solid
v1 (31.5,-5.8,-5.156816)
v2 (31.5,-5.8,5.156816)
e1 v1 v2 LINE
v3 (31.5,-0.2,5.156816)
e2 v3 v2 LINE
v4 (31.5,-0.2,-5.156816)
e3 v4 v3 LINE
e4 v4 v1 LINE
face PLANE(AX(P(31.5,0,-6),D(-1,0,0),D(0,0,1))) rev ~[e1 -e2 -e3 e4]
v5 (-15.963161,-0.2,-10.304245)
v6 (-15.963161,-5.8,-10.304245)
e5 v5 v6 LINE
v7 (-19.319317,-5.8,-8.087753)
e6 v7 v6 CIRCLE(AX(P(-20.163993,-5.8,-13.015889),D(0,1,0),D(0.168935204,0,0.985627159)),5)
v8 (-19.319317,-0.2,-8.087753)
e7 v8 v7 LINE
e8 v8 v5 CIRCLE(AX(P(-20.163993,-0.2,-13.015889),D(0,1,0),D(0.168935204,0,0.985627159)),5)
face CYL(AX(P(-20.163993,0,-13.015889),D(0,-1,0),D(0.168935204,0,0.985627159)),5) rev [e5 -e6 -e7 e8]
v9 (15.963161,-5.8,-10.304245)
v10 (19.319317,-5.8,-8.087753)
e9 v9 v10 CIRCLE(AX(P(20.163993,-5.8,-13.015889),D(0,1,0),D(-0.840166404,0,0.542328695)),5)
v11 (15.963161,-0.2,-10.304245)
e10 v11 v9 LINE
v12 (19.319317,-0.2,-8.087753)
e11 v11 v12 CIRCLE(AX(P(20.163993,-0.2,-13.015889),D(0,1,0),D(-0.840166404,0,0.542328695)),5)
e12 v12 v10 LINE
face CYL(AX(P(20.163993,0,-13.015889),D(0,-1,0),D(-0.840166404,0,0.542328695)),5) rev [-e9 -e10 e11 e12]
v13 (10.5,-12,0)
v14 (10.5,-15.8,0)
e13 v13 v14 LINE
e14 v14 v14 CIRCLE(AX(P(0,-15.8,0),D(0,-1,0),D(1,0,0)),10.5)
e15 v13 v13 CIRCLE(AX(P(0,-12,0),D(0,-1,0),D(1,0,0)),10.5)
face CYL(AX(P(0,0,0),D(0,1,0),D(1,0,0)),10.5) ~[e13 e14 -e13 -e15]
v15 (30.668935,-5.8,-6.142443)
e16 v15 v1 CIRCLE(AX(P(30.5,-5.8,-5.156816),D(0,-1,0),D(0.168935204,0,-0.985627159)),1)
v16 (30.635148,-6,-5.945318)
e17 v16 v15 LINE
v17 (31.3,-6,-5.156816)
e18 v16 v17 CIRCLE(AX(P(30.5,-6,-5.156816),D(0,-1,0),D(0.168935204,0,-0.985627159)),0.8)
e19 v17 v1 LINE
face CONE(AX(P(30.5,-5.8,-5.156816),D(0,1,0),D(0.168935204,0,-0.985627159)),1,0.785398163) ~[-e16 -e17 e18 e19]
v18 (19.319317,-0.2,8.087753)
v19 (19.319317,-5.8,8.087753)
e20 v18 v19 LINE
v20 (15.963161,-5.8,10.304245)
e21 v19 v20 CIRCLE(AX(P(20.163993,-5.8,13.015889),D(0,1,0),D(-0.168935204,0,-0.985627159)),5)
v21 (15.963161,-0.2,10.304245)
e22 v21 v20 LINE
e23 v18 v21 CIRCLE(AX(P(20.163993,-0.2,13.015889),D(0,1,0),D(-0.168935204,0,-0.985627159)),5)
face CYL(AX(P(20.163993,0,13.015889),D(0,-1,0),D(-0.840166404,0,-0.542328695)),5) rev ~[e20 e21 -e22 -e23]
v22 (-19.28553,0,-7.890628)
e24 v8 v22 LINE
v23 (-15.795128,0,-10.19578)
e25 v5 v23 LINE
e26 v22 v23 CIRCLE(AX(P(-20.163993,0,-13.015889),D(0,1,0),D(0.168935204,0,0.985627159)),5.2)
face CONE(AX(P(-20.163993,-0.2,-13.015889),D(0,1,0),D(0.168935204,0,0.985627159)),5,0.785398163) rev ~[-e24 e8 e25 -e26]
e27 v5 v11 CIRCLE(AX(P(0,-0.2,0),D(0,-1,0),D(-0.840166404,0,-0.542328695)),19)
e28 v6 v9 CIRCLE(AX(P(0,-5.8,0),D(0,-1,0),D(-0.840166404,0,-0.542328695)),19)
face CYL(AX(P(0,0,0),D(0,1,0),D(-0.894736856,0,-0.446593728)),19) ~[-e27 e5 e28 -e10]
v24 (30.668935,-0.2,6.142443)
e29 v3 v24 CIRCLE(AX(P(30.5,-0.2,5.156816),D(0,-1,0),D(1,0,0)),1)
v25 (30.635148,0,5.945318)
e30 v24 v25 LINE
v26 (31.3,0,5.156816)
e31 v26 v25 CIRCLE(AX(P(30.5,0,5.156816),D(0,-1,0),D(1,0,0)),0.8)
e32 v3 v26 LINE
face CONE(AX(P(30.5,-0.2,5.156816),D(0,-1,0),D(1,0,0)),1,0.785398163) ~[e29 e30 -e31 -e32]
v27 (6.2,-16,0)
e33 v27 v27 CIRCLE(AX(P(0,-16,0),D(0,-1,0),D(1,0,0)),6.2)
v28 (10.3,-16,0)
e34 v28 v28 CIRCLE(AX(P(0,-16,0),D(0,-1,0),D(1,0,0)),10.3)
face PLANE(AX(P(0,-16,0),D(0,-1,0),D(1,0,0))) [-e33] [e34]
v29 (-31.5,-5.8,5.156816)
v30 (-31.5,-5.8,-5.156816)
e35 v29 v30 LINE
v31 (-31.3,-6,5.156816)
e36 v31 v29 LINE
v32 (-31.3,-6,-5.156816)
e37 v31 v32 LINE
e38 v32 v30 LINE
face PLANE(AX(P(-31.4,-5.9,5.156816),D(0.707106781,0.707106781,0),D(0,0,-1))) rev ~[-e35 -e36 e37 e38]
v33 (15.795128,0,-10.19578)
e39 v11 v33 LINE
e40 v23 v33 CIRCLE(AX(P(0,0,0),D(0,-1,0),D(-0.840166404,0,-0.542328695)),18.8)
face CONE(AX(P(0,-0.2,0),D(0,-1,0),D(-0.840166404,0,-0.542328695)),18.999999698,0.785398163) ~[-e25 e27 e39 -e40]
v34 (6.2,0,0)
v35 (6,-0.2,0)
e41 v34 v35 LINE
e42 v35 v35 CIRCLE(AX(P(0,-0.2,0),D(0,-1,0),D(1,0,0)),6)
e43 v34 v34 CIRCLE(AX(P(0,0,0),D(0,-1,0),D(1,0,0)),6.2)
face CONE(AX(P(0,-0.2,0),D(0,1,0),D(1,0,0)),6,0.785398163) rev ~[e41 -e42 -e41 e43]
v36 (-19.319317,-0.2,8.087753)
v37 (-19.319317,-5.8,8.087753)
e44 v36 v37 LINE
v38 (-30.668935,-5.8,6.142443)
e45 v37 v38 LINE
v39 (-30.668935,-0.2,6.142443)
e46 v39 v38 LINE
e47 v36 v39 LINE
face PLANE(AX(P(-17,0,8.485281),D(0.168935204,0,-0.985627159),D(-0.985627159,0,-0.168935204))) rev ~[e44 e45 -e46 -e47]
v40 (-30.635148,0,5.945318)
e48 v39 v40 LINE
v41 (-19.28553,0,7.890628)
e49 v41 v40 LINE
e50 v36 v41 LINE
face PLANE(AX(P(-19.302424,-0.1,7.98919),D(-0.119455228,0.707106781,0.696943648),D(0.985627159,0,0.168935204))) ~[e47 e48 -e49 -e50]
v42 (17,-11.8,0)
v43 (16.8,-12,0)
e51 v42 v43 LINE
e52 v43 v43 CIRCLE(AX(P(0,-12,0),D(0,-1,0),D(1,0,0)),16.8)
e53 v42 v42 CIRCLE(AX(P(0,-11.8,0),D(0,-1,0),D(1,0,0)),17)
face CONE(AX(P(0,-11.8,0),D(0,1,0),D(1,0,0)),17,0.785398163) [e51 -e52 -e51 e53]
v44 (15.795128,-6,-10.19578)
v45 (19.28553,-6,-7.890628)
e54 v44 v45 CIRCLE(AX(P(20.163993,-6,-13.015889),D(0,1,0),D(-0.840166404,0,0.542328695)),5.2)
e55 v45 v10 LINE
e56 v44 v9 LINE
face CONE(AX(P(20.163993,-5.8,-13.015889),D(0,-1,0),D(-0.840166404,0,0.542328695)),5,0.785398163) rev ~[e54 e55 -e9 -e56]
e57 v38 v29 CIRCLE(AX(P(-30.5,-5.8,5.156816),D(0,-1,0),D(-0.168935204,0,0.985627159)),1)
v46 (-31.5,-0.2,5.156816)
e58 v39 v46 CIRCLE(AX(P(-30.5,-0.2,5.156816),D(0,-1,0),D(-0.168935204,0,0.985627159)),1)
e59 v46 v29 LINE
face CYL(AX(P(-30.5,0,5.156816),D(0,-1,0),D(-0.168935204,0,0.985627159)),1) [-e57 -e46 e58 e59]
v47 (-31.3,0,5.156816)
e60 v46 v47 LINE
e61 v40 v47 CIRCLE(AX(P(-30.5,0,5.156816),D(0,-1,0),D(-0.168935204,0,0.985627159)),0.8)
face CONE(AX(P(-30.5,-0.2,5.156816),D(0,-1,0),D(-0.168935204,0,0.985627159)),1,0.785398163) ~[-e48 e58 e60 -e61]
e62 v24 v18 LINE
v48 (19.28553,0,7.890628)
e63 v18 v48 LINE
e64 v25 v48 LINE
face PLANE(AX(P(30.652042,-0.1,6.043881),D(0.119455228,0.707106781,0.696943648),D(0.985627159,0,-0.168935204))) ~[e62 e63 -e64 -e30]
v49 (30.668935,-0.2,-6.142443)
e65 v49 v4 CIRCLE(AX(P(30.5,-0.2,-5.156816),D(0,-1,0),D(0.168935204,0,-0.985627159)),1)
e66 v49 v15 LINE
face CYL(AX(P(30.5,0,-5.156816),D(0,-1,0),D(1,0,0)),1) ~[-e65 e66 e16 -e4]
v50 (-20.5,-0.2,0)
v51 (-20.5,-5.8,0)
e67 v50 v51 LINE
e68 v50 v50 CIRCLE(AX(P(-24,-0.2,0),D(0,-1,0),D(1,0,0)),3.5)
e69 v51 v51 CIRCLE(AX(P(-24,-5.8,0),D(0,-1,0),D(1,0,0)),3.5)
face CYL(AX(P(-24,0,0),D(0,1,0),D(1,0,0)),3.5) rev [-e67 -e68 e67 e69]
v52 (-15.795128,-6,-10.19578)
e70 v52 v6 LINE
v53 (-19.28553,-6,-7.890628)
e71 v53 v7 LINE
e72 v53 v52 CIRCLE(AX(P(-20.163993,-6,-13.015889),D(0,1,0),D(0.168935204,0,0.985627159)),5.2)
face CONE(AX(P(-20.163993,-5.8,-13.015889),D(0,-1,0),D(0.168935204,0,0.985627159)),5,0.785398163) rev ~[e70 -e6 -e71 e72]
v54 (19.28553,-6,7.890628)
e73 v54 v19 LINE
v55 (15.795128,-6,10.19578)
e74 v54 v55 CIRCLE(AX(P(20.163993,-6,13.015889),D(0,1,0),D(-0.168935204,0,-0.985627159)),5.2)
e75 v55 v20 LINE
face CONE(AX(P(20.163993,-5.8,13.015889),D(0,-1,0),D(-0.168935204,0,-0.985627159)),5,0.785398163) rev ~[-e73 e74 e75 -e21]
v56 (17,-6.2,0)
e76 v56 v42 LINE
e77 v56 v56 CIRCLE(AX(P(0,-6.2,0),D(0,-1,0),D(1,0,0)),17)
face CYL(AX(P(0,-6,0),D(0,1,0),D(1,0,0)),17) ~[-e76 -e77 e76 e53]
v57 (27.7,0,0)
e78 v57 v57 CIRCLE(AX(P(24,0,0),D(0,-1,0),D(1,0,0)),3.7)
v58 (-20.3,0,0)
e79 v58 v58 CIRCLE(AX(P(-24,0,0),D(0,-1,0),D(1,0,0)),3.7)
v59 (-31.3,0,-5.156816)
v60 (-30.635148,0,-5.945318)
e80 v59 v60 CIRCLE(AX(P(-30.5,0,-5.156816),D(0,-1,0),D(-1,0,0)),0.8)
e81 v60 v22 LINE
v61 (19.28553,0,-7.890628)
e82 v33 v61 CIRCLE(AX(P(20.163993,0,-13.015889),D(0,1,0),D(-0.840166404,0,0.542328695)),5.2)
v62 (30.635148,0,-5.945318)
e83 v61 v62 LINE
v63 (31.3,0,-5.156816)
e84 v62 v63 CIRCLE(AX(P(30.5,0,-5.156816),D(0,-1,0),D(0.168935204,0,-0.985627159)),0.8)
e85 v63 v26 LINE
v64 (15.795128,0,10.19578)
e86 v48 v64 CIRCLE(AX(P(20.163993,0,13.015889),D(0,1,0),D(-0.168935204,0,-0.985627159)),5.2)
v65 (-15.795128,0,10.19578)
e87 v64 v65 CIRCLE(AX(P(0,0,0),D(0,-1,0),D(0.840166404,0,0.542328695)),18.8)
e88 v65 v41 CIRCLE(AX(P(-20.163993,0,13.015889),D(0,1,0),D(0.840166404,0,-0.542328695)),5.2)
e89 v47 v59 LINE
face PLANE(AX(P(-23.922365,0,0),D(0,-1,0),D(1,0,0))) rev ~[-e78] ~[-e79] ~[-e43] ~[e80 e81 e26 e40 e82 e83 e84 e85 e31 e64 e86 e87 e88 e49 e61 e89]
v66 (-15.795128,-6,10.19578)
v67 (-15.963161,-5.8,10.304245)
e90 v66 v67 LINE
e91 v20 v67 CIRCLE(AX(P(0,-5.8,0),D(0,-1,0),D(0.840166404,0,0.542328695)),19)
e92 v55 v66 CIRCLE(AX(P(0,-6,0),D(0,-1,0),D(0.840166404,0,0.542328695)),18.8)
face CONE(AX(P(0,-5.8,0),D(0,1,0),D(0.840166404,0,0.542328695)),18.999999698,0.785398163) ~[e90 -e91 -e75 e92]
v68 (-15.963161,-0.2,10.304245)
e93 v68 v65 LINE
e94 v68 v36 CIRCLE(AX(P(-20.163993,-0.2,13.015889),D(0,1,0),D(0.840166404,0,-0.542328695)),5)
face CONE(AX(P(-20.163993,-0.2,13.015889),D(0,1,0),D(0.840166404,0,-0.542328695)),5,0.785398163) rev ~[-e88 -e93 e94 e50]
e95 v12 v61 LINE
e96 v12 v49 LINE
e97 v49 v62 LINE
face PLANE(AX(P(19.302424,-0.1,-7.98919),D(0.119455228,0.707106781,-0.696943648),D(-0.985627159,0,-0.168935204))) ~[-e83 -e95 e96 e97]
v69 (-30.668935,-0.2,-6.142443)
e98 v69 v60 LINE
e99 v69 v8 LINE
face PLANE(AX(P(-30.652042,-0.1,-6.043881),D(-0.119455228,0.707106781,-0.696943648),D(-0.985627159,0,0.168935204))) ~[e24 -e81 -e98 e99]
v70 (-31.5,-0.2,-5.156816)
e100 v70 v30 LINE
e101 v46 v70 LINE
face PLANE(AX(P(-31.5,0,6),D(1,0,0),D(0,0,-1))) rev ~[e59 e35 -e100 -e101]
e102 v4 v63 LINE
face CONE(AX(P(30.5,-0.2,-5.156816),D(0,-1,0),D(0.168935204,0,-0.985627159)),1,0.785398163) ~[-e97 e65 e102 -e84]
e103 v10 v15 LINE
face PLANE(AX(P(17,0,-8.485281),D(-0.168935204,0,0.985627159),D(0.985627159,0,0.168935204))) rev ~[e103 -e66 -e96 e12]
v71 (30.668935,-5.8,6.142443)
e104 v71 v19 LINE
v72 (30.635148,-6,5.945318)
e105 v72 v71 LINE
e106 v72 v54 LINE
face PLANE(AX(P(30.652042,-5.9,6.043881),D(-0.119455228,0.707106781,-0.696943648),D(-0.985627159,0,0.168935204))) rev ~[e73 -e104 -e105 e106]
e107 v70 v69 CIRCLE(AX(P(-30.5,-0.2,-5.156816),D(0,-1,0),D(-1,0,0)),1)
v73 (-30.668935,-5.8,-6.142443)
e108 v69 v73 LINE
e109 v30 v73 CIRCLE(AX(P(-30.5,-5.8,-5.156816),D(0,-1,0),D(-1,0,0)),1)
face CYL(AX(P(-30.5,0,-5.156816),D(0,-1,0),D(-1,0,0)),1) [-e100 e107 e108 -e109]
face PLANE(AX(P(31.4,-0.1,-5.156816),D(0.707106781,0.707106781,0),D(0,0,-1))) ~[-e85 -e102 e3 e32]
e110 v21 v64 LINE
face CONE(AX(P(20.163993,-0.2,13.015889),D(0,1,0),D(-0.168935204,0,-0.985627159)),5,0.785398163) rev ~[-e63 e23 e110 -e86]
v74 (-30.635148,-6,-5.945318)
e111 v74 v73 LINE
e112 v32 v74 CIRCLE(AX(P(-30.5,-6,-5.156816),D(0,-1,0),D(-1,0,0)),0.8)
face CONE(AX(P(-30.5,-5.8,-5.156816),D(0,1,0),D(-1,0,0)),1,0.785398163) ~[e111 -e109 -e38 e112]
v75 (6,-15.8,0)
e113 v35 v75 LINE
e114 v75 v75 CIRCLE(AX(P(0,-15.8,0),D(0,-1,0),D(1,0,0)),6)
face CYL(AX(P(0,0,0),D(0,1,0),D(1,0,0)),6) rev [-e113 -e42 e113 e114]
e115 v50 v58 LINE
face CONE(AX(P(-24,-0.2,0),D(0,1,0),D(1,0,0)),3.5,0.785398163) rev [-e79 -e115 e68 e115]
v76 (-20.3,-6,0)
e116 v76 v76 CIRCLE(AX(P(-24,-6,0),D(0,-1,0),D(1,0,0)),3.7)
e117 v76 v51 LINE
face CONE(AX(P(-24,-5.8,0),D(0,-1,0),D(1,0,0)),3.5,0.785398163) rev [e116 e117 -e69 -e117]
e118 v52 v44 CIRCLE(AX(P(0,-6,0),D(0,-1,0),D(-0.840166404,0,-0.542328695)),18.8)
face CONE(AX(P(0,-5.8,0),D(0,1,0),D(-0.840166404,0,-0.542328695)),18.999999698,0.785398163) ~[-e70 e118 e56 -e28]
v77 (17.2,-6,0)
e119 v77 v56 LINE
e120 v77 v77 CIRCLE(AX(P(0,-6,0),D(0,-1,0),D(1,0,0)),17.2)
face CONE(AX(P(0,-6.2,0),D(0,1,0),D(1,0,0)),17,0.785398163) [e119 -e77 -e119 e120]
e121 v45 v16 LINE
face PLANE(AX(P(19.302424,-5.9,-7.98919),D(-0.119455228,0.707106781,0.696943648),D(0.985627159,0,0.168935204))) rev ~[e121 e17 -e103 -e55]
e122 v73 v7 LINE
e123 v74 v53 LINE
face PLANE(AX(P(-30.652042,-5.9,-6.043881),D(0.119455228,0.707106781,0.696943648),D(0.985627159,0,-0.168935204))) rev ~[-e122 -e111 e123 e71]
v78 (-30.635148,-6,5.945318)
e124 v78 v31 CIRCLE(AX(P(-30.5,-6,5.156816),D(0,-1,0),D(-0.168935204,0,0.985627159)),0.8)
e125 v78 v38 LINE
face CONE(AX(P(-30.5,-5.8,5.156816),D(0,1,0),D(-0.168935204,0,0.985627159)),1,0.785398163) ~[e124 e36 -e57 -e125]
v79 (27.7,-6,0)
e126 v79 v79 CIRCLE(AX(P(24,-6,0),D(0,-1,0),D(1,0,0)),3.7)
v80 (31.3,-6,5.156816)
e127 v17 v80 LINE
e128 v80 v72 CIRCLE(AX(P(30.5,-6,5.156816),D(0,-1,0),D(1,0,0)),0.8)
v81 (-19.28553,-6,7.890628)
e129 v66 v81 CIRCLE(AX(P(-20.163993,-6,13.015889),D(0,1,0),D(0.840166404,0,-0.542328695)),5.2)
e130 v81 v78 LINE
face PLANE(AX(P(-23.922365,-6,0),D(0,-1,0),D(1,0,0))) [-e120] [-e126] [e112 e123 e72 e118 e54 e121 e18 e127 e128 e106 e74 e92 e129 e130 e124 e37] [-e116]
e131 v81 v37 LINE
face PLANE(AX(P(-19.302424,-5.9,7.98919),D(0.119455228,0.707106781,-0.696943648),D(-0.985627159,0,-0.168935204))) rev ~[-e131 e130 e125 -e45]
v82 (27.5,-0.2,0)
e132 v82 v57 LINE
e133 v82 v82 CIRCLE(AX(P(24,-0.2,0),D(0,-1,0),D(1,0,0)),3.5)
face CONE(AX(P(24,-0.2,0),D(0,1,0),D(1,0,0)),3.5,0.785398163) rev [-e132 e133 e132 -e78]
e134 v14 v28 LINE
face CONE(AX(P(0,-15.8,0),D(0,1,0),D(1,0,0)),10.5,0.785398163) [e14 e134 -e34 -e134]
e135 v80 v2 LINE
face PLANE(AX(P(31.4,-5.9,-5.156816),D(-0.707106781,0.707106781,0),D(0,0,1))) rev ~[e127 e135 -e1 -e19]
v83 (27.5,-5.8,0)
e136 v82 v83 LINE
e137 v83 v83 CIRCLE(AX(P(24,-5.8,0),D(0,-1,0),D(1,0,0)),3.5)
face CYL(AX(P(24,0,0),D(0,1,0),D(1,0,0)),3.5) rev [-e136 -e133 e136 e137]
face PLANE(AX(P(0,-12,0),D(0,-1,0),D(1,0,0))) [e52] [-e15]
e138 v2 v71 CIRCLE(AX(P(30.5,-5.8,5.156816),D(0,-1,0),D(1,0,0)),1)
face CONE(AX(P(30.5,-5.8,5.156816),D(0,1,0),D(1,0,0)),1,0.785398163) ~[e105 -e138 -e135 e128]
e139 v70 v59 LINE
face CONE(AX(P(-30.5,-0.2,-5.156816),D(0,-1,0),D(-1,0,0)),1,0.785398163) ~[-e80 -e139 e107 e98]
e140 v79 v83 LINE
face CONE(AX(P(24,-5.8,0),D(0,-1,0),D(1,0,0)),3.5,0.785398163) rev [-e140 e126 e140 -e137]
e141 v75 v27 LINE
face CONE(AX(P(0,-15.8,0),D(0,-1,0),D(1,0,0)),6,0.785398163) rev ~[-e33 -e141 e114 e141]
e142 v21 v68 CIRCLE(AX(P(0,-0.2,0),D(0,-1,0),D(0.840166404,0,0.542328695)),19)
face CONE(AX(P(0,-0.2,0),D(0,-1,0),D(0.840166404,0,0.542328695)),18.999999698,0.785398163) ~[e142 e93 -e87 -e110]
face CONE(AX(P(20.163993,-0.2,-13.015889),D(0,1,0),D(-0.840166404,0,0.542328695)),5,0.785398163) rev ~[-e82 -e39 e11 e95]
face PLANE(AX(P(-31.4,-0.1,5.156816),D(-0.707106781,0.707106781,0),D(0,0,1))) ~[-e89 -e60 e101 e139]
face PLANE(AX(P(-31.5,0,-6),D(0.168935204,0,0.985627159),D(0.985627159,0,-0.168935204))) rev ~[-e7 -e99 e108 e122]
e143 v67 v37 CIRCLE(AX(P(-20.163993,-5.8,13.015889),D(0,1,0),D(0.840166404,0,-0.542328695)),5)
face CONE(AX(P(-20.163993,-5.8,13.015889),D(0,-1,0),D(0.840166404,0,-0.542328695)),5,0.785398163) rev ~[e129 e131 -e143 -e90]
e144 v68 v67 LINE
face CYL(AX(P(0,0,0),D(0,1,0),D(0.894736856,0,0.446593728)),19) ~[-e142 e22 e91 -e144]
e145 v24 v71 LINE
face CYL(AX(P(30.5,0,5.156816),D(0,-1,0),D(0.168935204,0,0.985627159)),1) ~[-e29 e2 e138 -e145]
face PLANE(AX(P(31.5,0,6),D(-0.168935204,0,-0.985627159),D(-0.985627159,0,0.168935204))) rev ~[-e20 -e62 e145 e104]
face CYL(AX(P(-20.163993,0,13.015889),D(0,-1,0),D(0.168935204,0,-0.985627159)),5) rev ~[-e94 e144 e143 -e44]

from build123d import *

# Parameters (mm, degrees)
F0_R     = 3.5
F0_R_2   = 10.5
F1_DEPTH = 6
F2_R     = 10.5
F2_R_2   = 6
F3_DEPTH = 16
F4_R     = 17
F4_R_2   = 10.5
F5_DEPTH = 6
F6_R     = 5
F7_R     = 1
F8_SIZE  = 0.2
F9_SIZE  = 0.2


with BuildPart() as f1:
    # F0 (on Front) → F1 (new body)
    with BuildSketch(Plane.XZ):
        with BuildLine():
            Line((-31.5, 6), (-31.5, -6))
            Line((-31.5, -6), (-17, -8.485281))
            ThreePointArc((-17, -8.485281), (-19, 0), (-17, 8.485281))
            Line((-17, 8.485281), (-31.5, 6))
        make_face()
        with Locations((-24, 0)):
            Circle(F0_R, mode=Mode.SUBTRACT)
        with BuildLine():
            ThreePointArc((-17, 8.485281), (-19, 0), (-17, -8.485281))
            ThreePointArc((-17, -8.485281), (0, -19), (17, -8.485281))
            ThreePointArc((17, -8.485281), (18.493242, -4.358899), (19, 0))
            ThreePointArc((19, 0), (18.493242, 4.358899), (17, 8.485281))
            ThreePointArc((17, 8.485281), (0, 19), (-17, 8.485281))
        make_face()
        Circle(F0_R_2, mode=Mode.SUBTRACT)
        with BuildLine():
            ThreePointArc((19, 0), (18.493242, -4.358899), (17, -8.485281))
            Line((17, -8.485281), (31.5, -6))
            Line((31.5, -6), (31.5, 6))
            Line((31.5, 6), (17, 8.485281))
            ThreePointArc((17, 8.485281), (18.493242, 4.358899), (19, 0))
        make_face()
        with Locations((24, 0)):
            Circle(F0_R, mode=Mode.SUBTRACT)
    extrude(amount=F1_DEPTH)

    # F2 (on Front) → F3 (join)
    with BuildSketch(Plane.XZ):
        Circle(F2_R)
        Circle(F2_R_2, mode=Mode.SUBTRACT)
    extrude(amount=F3_DEPTH)

    # F4 (on face) → F5 (join)
    with BuildSketch(Plane.XZ.offset(6)):
        Circle(F4_R)
        Circle(F4_R_2, mode=Mode.SUBTRACT)
    extrude(amount=F5_DEPTH)

    # F6
    f6_edges = [f1.edges().sort_by_distance(p)[0] for p in [
        (-17, -3, -8.485281),
        (17, -3, -8.485281),
        (17, -3, 8.485281),
        (-17, -3, 8.485281),
    ]]
    fillet(f6_edges, radius=F6_R)

    # F7
    f7_edges = [f1.edges().sort_by_distance(p)[0] for p in [
        (-31.5, -3, -6),
        (31.5, -3, -6),
        (31.5, -3, 6),
        (-31.5, -3, 6),
    ]]
    fillet(f7_edges, radius=F7_R)

    # F8
    f8_edges = [f1.edges().sort_by_distance(p)[0] for p in [
        (-17, -12, 0),
        (24.994126, -6, -7.115098),
        (31.264505, -6, -5.801434),
        (17.408545, -6, -8.843659),
        (31.5, -6, 0),
        (0, -6, -19),
        (31.264505, -6, 5.801434),
        (-17.408545, -6, -8.843659),
        (24.994126, -6, 7.115098),
        (-24.994126, -6, -7.115098),
        (17.408545, -6, 8.843659),
        (-31.264505, -6, -5.801434),
        (0, -6, 19),
        (-31.5, -6, 0),
        (-17.408545, -6, 8.843659),
        (-31.264505, -6, 5.801434),
        (-24.994126, -6, 7.115098),
        (-27.5, -6, 0),
        (-17, -6, 0),
        (20.5, -6, 0),
        (24.994126, 0, 7.115098),
        (31.264505, 0, 5.801434),
        (17.408545, 0, 8.843659),
        (31.5, 0, 0),
        (0, 0, 19),
        (31.264505, 0, -5.801434),
        (-17.408545, 0, 8.843659),
        (24.994126, 0, -7.115098),
        (-24.994126, 0, 7.115098),
        (17.408545, 0, -8.843659),
        (-31.264505, 0, 5.801434),
        (0, 0, -19),
        (-31.5, 0, 0),
        (-17.408545, 0, -8.843659),
        (-31.264505, 0, -5.801434),
        (-24.994126, 0, -7.115098),
        (-27.5, 0, 0),
        (20.5, 0, 0),
        (-6, 0, 0),
    ]]
    chamfer(f8_edges, length=F8_SIZE)

    # F9
    f9_edges = [f1.edges().sort_by_distance(p)[0] for p in [
        (-10.5, -16, 0),
        (-6, -16, 0),
    ]]
    chamfer(f9_edges, length=F9_SIZE)


solid = f1.part
